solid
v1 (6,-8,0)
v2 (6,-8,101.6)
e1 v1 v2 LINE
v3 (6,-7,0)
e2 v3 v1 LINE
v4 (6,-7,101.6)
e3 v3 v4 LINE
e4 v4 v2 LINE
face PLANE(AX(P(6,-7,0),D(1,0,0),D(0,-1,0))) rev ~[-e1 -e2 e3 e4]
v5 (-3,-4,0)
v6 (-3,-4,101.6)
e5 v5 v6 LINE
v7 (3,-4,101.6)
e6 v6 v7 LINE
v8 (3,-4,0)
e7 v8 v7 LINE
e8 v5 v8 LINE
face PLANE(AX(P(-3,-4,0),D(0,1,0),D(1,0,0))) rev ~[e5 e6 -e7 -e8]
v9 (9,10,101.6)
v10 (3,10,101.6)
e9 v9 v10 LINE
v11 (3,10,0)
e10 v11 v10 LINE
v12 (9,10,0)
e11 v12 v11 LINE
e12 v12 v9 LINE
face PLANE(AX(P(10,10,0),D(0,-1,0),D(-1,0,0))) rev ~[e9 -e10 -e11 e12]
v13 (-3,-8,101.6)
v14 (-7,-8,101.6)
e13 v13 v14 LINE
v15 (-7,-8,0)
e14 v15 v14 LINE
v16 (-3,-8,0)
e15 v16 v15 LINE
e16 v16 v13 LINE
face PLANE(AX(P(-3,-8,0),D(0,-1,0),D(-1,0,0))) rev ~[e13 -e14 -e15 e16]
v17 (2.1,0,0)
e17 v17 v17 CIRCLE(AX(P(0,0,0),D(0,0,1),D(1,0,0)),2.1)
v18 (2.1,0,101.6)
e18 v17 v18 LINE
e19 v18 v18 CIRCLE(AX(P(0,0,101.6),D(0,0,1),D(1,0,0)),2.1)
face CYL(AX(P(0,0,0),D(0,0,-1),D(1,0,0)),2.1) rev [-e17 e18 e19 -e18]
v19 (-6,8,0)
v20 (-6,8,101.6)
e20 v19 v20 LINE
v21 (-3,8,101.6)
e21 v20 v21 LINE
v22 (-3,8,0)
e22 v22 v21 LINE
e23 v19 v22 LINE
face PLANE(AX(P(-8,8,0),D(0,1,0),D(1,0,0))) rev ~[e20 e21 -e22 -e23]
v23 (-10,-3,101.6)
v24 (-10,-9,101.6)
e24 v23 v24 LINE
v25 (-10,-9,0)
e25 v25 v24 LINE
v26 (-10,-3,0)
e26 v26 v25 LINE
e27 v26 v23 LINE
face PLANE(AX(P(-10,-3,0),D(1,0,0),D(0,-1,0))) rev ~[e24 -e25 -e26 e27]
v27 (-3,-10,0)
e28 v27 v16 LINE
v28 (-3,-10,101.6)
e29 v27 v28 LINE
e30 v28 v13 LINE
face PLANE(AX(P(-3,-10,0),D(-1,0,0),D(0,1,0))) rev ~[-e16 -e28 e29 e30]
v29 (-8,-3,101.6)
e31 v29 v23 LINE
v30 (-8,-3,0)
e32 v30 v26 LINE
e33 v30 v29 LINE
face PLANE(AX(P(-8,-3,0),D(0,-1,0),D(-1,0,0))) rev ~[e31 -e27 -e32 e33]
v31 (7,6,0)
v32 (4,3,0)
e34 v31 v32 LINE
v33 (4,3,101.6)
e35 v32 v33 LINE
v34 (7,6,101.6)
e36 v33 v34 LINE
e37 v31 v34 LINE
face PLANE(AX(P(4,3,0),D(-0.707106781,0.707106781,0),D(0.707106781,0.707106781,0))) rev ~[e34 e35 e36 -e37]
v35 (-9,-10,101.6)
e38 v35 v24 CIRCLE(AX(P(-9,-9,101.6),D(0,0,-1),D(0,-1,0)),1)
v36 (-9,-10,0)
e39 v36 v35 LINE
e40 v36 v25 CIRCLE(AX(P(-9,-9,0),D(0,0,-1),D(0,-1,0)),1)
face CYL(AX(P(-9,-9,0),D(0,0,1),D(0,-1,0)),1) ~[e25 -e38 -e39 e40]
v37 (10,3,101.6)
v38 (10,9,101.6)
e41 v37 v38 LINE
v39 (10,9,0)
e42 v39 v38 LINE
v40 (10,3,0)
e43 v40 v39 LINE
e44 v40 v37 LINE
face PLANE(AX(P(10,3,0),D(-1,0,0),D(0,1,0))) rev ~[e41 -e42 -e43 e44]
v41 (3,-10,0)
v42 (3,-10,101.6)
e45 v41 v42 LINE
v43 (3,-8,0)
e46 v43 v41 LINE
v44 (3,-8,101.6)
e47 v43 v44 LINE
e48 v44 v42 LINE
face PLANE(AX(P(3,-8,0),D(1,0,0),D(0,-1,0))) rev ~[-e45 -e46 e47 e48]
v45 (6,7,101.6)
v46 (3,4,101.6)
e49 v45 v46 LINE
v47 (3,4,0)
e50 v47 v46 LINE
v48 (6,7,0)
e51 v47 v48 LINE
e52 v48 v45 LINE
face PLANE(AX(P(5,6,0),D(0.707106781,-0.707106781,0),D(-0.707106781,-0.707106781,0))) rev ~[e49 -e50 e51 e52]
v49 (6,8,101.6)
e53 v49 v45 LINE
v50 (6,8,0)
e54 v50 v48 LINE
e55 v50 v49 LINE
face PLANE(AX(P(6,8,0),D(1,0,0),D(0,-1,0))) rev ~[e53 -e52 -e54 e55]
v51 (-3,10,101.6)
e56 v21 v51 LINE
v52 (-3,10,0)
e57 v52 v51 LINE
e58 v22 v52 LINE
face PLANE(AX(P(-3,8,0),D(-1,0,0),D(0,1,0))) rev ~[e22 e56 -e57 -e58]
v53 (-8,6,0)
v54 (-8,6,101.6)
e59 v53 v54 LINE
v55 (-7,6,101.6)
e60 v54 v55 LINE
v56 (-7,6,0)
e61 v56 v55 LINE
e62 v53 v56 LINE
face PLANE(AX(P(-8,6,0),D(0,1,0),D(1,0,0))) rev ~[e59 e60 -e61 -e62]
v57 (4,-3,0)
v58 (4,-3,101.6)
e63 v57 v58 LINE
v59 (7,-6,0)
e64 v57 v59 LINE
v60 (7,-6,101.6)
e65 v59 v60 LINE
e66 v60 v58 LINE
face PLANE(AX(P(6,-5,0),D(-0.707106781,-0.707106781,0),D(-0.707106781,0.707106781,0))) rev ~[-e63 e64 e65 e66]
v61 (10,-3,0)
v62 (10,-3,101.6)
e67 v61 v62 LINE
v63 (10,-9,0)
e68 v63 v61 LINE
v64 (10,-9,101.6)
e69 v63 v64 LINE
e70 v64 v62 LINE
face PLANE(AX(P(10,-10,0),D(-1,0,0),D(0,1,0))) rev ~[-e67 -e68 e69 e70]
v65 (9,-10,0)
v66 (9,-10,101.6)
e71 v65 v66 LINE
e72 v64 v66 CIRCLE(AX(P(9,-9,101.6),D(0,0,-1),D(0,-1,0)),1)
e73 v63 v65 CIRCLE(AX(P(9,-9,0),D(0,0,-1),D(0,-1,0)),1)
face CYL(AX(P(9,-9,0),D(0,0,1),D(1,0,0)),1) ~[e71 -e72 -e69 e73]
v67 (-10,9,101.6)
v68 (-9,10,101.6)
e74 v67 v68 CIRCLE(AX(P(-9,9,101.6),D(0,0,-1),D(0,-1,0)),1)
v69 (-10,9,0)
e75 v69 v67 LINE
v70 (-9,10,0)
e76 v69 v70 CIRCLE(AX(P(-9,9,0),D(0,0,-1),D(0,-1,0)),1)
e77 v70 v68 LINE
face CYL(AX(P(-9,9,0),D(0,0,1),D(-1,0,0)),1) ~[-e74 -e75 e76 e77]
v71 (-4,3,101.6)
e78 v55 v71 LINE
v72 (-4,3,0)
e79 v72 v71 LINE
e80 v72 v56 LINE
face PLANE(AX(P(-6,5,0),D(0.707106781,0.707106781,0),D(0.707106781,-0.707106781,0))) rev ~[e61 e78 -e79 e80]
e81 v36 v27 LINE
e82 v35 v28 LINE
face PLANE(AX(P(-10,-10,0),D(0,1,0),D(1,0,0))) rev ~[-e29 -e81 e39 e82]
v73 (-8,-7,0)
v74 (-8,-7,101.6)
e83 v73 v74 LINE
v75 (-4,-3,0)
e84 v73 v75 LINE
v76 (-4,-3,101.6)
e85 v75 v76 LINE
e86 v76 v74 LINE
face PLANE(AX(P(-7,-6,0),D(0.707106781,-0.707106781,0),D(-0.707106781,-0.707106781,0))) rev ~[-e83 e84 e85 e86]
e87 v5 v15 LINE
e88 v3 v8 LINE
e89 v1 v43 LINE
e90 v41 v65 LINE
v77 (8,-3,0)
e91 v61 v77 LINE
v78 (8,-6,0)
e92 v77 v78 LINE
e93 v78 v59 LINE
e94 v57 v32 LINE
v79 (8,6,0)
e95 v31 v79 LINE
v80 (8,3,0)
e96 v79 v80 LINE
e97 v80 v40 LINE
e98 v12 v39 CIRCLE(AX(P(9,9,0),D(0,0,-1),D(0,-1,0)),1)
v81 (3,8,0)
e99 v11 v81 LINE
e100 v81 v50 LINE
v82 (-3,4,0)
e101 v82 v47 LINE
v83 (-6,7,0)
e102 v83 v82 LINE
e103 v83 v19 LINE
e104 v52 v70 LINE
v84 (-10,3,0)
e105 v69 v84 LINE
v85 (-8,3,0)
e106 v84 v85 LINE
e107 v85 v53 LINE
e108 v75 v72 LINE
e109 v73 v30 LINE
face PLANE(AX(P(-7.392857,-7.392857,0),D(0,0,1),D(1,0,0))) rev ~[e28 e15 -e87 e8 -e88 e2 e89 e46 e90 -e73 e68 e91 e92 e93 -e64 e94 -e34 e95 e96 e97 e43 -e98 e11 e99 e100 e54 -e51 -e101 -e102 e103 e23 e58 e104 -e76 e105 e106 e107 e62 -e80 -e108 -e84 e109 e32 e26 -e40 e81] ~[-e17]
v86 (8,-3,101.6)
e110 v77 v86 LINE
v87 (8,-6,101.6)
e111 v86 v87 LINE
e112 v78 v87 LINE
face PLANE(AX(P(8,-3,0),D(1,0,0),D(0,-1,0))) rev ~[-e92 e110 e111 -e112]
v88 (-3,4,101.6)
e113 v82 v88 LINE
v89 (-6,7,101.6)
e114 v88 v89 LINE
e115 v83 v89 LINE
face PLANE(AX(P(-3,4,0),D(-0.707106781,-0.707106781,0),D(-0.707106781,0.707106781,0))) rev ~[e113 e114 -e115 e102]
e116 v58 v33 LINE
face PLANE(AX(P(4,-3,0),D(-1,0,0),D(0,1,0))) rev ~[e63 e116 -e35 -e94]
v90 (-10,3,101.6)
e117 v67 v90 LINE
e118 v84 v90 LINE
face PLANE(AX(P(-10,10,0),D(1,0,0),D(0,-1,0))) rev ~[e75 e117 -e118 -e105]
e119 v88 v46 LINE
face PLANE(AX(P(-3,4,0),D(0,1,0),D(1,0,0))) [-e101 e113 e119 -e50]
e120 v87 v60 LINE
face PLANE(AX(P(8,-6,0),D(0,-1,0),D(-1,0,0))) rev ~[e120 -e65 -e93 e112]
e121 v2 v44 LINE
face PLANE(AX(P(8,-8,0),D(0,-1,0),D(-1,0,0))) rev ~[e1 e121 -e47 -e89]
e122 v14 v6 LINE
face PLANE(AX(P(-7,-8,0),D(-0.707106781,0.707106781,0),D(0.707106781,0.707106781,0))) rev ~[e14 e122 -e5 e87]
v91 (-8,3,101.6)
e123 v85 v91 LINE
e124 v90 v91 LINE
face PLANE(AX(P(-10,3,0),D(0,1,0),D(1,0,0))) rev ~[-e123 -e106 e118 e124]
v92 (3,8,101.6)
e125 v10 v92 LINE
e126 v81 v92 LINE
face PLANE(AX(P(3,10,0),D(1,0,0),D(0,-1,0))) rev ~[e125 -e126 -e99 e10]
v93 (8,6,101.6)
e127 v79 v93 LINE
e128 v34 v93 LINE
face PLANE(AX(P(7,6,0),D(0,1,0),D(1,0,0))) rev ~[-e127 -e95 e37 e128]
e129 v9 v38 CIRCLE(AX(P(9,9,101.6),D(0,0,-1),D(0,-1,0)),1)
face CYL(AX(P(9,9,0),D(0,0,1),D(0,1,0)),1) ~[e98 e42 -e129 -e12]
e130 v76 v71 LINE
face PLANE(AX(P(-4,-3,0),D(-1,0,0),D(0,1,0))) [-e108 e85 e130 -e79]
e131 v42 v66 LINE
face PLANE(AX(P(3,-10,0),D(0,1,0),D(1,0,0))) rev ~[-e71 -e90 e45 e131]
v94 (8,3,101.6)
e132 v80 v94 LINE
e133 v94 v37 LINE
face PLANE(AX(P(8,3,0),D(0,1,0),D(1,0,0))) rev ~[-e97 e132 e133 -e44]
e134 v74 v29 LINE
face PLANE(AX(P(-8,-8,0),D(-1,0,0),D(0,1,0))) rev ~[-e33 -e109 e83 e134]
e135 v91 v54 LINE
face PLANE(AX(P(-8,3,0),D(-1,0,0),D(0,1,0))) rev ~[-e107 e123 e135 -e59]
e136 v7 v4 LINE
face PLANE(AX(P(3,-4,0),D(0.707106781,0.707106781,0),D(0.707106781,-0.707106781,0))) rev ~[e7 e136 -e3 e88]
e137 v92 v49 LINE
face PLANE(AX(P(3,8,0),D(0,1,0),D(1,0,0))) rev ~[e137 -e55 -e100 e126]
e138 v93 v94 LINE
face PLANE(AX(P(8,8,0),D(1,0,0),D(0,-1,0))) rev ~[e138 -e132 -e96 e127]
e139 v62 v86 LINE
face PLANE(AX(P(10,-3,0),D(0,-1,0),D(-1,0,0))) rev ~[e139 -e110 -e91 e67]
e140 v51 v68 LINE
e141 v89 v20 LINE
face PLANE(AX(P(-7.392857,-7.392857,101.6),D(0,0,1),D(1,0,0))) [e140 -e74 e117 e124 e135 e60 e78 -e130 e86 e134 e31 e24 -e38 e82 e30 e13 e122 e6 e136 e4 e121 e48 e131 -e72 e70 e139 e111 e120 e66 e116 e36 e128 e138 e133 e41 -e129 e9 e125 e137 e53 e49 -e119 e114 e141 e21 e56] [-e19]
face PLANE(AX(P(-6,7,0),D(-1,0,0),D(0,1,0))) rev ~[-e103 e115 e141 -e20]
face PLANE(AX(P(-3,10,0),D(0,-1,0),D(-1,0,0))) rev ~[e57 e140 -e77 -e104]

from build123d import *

# Parameters (mm, degrees)
SKETCH1_W           = 1
SKETCH1_H           = 1
SKETCH1_W_2         = 6
SKETCH1_H_2         = 6
SKETCH1_R           = 2.1
BOSS_EXTRUDE1_DEPTH = 101.6
FILLET1_R           = 1


with BuildPart() as part:
    # Sketch1 → Boss-Extrude1 (new body)
    # profile 1 of 35: a face of its own
    with BuildSketch(Plane.XY):
        Polygon((-6, 7), (-6, 8), (-7, 8), align=None)
    # profile 2 of 35: a face of its own
    with BuildSketch(Plane.XY):
        Polygon((-6, 7), (-7, 8), (-8, 8), (-8, 7), (-7, 6), (-6, 6), align=None)
    # profile 3 of 35: a face of its own
    with BuildSketch(Plane.XY):
        Polygon((-8, 7), (-8, 6), (-7, 6), align=None)
    # profile 4 of 35: a face of its own
    with BuildSketch(Plane.XY):
        Polygon((-3, 8), (-3, 10), (-10, 10), (-10, 3), (-8, 3), (-8, 6), (-8, 7), (-8, 8), (-7, 8), (-6, 8), align=None)
    # profile 5 of 35: a face of its own
    with BuildSketch(Plane.XY):
        Polygon((-6, 5), (-6, 6), (-7, 6), align=None)
    # profile 6 of 35: a face of its own
    with BuildSketch(Plane.XY):
        Polygon((-6, 6), (-5, 6), (-6, 7), align=None)
    # profile 7 of 35: a face of its own
    with BuildSketch(Plane.XY):
        Polygon((-3, 4), (-5, 6), (-6, 6), (-6, 5), (-4, 3), (-4, 4), align=None)
    # profile 8 of 35: a face of its own
    with BuildSketch(Plane.XY):
        with Locations((-3.5, 3.5)):
            Rectangle(SKETCH1_W, SKETCH1_H)
    # profile 9 of 35: a face of its own
    with BuildSketch(Plane.XY):
        with Locations((0, 3.5)):
            Rectangle(SKETCH1_W_2, SKETCH1_H)
    # profile 10 of 35: a face of its own
    with BuildSketch(Plane.XY):
        with Locations((-3.5, 0)):
            Rectangle(SKETCH1_W, SKETCH1_H_2)
    # profile 11 of 35: a face of its own
    with BuildSketch(Plane.XY):
        Rectangle(SKETCH1_W_2, SKETCH1_H_2)
        Circle(SKETCH1_R, mode=Mode.SUBTRACT)
    # profile 12 of 35: a face of its own
    with BuildSketch(Plane.XY):
        with Locations((3.5, 3.5)):
            Rectangle(SKETCH1_W, SKETCH1_H)
    # profile 13 of 35: a face of its own
    with BuildSketch(Plane.XY):
        Polygon((6, 6), (5, 6), (3, 4), (4, 4), (4, 3), (6, 5), align=None)
    # profile 14 of 35: a face of its own
    with BuildSketch(Plane.XY):
        Polygon((6, 7), (5, 6), (6, 6), align=None)
    # profile 15 of 35: a face of its own
    with BuildSketch(Plane.XY):
        Polygon((6, 6), (6, 5), (7, 6), align=None)
    # profile 16 of 35: a face of its own
    with BuildSketch(Plane.XY):
        Polygon((8, 8), (7, 8), (6, 7), (6, 6), (7, 6), (8, 7), align=None)
    # profile 17 of 35: a face of its own
    with BuildSketch(Plane.XY):
        Polygon((7, 8), (6, 8), (6, 7), align=None)
    # profile 18 of 35: a face of its own
    with BuildSketch(Plane.XY):
        Polygon((7, 6), (8, 6), (8, 7), align=None)
    # profile 19 of 35: a face of its own
    with BuildSketch(Plane.XY):
        Polygon((10, 3), (10, 10), (3, 10), (3, 8), (6, 8), (7, 8), (8, 8), (8, 7), (8, 6), (8, 3), align=None)
    # profile 20 of 35: a face of its own
    with BuildSketch(Plane.XY):
        with Locations((3.5, 0)):
            Rectangle(SKETCH1_W, SKETCH1_H_2)
    # profile 21 of 35: a face of its own
    with BuildSketch(Plane.XY):
        with Locations((3.5, -3.5)):
            Rectangle(SKETCH1_W, SKETCH1_H)
    # profile 22 of 35: a face of its own
    with BuildSketch(Plane.XY):
        Polygon((6, -6), (6, -5), (4, -3), (4, -4), (3, -4), (5, -6), align=None)
    # profile 23 of 35: a face of its own
    with BuildSketch(Plane.XY):
        Polygon((7, -6), (6, -5), (6, -6), align=None)
    # profile 24 of 35: a face of its own
    with BuildSketch(Plane.XY):
        Polygon((6, -7), (6, -6), (5, -6), align=None)
    # profile 25 of 35: a face of its own
    with BuildSketch(Plane.XY):
        Polygon((8, -8), (8, -7), (7, -6), (6, -6), (6, -7), (7, -8), align=None)
    # profile 26 of 35: a face of its own
    with BuildSketch(Plane.XY):
        Polygon((6, -7), (6, -8), (7, -8), align=None)
    # profile 27 of 35: a face of its own
    with BuildSketch(Plane.XY):
        Polygon((8, -7), (8, -6), (7, -6), align=None)
    # profile 28 of 35: a face of its own
    with BuildSketch(Plane.XY):
        Polygon((10, -10), (10, -3), (8, -3), (8, -6), (8, -7), (8, -8), (7, -8), (6, -8), (3, -8), (3, -10), align=None)
    # profile 29 of 35: a face of its own
    with BuildSketch(Plane.XY):
        with Locations((0, -3.5)):
            Rectangle(SKETCH1_W_2, SKETCH1_H)
    # profile 30 of 35: a face of its own
    with BuildSketch(Plane.XY):
        with Locations((-3.5, -3.5)):
            Rectangle(SKETCH1_W, SKETCH1_H)
    # profile 31 of 35: a face of its own
    with BuildSketch(Plane.XY):
        Polygon((-4, -3), (-6, -5), (-6, -6), (-5, -6), (-3, -4), (-4, -4), align=None)
    # profile 32 of 35: a face of its own
    with BuildSketch(Plane.XY):
        Polygon((-6, -7), (-5, -6), (-6, -6), align=None)
    # profile 33 of 35: a face of its own
    with BuildSketch(Plane.XY):
        Polygon((-6, -6), (-6, -5), (-7, -6), align=None)
    # profile 34 of 35: a face of its own
    with BuildSketch(Plane.XY):
        Polygon((-7, -6), (-8, -7), (-8, -8), (-7, -8), (-6, -7), (-6, -6), align=None)
    # profile 35 of 35: a face of its own
    with BuildSketch(Plane.XY):
        Polygon((-8, -3), (-10, -3), (-10, -10), (-3, -10), (-3, -8), (-6, -8), (-7, -8), (-8, -8), (-8, -7), (-8, -6), align=None)
    extrude(amount=BOSS_EXTRUDE1_DEPTH)

    # Fillet1
    fillet1_edges = [part.edges().sort_by_distance(p)[0] for p in [
        (-10, -10, 50.8),
        (-10, 10, 50.8),
        (10, 10, 50.8),
        (10, -10, 50.8),
    ]]
    fillet(fillet1_edges, radius=FILLET1_R)


solid = part.part
